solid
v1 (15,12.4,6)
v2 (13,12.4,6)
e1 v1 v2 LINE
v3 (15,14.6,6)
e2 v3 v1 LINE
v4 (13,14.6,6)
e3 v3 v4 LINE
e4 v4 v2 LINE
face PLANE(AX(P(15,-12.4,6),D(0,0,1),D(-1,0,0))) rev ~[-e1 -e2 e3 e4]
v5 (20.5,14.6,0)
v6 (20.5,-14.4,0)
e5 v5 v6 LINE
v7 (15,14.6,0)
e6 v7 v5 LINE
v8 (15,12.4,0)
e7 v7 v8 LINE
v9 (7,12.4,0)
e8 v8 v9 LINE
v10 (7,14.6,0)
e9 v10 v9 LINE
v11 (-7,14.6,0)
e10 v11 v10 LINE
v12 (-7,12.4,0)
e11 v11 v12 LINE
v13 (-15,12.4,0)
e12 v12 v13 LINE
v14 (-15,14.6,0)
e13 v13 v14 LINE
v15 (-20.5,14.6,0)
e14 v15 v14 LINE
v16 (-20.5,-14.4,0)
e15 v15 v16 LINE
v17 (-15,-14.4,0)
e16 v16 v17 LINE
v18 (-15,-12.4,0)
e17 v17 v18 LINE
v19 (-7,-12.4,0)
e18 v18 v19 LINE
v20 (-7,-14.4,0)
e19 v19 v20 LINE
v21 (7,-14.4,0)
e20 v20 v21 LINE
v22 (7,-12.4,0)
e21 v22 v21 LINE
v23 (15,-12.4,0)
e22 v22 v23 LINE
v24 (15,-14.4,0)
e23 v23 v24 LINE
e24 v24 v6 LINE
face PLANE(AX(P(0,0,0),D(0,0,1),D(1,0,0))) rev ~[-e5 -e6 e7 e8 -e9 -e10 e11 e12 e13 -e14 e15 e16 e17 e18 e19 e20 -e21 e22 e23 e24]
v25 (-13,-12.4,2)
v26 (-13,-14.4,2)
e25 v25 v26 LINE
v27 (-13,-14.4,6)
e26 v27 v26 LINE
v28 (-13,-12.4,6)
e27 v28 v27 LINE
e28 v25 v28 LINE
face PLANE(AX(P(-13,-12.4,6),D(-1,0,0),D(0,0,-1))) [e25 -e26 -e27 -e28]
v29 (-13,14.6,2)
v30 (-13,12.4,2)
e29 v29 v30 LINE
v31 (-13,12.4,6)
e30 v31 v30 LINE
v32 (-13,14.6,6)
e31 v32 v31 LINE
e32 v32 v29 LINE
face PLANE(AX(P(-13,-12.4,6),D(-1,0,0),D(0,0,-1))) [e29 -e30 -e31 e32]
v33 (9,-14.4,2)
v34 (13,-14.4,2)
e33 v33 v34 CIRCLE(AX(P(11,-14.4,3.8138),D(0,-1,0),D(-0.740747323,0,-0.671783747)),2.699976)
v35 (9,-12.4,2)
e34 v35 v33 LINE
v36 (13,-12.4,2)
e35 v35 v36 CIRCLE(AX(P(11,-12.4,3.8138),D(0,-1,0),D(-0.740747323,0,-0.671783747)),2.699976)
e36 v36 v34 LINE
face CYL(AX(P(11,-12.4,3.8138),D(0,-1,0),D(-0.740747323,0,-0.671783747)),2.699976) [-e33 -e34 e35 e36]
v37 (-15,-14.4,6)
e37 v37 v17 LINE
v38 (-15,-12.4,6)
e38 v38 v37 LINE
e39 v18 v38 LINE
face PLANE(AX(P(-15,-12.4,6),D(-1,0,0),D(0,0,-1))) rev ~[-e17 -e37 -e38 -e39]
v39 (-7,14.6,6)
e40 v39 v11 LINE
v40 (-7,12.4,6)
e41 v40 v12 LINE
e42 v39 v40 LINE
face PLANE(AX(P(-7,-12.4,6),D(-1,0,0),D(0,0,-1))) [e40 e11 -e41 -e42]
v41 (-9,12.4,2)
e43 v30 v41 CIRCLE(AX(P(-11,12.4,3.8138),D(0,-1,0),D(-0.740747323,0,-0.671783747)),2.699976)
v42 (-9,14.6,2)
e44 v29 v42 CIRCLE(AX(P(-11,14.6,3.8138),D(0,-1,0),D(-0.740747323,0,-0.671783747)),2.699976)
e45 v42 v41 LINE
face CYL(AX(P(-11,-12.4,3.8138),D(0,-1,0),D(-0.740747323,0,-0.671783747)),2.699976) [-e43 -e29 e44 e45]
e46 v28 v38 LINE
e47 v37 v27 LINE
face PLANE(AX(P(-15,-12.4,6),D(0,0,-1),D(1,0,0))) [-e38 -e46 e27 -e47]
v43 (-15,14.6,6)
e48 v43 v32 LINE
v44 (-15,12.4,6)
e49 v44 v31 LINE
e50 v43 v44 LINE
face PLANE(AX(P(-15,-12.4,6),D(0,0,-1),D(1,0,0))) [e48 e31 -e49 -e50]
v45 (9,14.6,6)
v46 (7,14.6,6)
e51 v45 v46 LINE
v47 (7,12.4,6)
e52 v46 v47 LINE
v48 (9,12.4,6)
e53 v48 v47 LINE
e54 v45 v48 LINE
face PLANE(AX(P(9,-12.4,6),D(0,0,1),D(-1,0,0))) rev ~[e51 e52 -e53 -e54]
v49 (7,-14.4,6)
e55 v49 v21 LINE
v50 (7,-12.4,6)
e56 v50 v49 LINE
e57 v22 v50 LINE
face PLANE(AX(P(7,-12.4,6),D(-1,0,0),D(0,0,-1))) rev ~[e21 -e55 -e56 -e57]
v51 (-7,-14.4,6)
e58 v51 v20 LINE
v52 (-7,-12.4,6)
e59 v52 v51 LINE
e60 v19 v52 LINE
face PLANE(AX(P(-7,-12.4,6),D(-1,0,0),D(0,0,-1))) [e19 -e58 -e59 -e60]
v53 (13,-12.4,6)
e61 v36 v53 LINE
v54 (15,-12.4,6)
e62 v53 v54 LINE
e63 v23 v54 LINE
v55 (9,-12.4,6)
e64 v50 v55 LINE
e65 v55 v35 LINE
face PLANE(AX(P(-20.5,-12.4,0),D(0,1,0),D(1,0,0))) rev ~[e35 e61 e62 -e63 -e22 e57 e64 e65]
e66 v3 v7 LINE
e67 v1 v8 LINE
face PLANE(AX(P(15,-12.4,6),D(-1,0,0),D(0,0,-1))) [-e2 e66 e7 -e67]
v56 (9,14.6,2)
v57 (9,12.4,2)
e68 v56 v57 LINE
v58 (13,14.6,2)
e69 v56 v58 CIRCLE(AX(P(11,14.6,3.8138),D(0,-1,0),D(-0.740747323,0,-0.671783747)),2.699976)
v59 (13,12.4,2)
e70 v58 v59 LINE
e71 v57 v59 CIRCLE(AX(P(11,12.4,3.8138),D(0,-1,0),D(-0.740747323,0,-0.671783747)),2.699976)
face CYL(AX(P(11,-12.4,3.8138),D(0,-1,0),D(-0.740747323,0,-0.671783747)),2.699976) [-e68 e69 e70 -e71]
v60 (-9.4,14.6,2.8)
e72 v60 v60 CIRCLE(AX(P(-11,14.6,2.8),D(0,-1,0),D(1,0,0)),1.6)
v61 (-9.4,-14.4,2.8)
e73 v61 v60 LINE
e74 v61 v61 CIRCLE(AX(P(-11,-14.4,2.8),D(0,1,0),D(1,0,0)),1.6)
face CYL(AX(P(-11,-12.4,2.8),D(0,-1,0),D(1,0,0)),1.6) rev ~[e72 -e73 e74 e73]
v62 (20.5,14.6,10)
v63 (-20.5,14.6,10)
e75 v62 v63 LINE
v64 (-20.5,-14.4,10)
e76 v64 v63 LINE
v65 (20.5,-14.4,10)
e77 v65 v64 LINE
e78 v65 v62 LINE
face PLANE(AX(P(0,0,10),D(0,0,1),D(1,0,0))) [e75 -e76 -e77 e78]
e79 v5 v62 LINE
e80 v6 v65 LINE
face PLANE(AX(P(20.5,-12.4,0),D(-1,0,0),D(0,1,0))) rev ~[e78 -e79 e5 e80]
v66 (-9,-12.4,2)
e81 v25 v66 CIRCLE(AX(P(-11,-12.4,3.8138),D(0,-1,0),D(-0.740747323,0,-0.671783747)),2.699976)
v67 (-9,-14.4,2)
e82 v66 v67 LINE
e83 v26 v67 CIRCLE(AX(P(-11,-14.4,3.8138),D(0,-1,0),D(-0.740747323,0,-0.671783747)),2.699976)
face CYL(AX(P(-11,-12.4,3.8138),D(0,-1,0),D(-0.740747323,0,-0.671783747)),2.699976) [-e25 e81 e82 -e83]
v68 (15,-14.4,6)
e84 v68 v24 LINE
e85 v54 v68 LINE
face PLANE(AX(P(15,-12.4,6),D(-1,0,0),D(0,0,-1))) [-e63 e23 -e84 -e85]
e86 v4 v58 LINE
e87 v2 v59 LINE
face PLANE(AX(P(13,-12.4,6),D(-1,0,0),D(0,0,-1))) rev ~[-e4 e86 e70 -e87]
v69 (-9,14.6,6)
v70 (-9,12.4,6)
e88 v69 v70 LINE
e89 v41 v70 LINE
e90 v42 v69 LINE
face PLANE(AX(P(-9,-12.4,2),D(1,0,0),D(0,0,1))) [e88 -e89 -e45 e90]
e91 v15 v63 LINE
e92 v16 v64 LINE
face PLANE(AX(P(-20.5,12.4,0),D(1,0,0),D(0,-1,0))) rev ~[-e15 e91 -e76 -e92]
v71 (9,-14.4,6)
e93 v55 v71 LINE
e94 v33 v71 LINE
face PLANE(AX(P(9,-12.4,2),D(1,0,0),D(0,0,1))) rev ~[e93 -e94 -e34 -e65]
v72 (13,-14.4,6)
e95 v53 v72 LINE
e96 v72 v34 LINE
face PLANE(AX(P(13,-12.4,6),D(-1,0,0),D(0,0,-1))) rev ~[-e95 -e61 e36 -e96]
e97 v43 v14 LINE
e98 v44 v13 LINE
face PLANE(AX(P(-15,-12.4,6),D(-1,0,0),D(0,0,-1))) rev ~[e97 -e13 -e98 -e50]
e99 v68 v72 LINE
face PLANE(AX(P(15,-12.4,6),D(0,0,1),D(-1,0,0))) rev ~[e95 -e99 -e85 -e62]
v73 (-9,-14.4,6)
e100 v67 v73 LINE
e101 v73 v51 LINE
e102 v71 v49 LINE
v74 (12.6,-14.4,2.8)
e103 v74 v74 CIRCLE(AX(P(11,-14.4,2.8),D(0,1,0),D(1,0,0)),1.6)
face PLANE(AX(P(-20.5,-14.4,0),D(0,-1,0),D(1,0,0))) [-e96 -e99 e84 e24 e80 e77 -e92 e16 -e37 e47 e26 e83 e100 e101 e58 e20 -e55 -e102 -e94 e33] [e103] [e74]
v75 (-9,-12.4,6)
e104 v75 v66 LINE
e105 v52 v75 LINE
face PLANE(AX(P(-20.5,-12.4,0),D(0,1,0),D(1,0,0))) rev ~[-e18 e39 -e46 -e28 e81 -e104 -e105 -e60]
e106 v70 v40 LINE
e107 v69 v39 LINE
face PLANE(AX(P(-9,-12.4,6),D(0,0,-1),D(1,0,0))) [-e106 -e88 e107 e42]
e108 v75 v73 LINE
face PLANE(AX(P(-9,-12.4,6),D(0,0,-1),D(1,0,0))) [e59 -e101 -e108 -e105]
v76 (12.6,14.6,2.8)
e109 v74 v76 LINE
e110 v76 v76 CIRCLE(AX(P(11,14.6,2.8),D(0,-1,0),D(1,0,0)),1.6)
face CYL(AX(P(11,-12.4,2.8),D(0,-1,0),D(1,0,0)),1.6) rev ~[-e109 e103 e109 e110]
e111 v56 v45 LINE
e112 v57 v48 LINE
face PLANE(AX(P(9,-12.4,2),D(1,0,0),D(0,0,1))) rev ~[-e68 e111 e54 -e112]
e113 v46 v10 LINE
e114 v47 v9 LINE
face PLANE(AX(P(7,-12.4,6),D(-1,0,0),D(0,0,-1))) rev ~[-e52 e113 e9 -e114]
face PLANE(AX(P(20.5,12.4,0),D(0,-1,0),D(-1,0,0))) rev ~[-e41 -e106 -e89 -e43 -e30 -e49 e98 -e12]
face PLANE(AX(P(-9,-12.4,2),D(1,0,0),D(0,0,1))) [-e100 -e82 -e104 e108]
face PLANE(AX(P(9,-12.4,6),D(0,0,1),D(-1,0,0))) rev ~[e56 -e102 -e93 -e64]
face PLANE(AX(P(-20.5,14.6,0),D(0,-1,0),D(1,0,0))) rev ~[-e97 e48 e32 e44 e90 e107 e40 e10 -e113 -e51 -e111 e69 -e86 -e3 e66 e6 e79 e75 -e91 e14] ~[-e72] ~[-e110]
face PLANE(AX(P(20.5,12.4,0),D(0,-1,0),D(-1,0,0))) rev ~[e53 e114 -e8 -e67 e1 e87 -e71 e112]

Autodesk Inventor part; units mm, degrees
ref_plane "YZ Plane" through (0, 0, 0) normal (1, 0, 0) x (0, 1, 0)
ref_plane "XZ Plane" through (0, 0, 0) normal (0, 1, 0) x (-1, 0, 0)
ref_plane "XY Plane" through (0, 0, 0) normal (0, 0, 1) x (1, 0, 0)
sketch "Szkic1" plane through (0, 0, 0) normal (0, 0, 1) x (1, 0, 0)
  line L0 (-28.7, 0) -> (28.7, 0) construction
  line L1 (0, -17.36) -> (0, 17.36) construction
  line L2 (-20.5, -12.4) -> (20.5, -12.4)
  line L3 (20.5, -12.4) -> (20.5, 12.4)
  line L4 (20.5, 12.4) -> (-20.5, 12.4)
  line L5 (-20.5, 12.4) -> (-20.5, -12.4)
  line L6 (-20.5, -12.4) -> (20.5, 12.4) construction
  line L7 (20.5, -12.4) -> (-20.5, 12.4) construction
  point P0 (0, 0)
  dimension "d0" = 41
  dimension "d1" = 24.8
extrude "Wyciągnięcie proste1" add sketch "Szkic1" along normal blind 10
sketch "Szkic2" plane through (-20.5, -12.4, 0) normal (0, -1, 0) x (1, 0, 0)
  point P0 (20.5, 0)
sketch "Szkic3" plane through (-20.5, -12.4, 0) normal (0, -1, 0) x (1, 0, 0)
  line L0 (-8.2, 0) -> (49.2, 0) construction
  line L1 (20.5, -2) -> (20.5, 12) construction
  line L2 (5.5, 6) -> (5.5, 0)
  line L3 (0, 0) -> (41, 0) projected
  line L4 (5.5, 6) -> (7.5, 6)
  line L5 (7.5, 6) -> (7.5, 2)
  line L6 (7.5, 2) -> (11.5, 2) construction
  line L7 (11.5, 2) -> (11.5, 6)
  line L8 (11.5, 6) -> (13.5, 6)
  line L9 (13.5, 6) -> (13.5, 0)
  line L10 (5.5, 0) -> (13.5, 0)
  line L11 (0, 0) -> (0, 10) projected
  line L12 (0, 0) -> (41, 0)
  line L13 (41, 0) -> (41, 10)
  line L14 (41, 10) -> (0, 10)
  line L15 (0, 10) -> (0, 0)
  arc A0 (7.5, 2) -> (11.5, 2) centre (9.5, 3.8138) ccw
  line L16 (35.5, 6) -> (35.5, 0)
  line L17 (35.5, 6) -> (33.5, 6)
  line L18 (33.5, 6) -> (33.5, 2)
  line L19 (29.5, 2) -> (29.5, 6)
  line L20 (29.5, 6) -> (27.5, 6)
  line L21 (27.5, 6) -> (27.5, 0)
  arc A1 (29.5, 2) -> (33.5, 2) centre (31.5, 3.8138) ccw
  circle A2 centre (31.5, 2.8) radius 1.6
  circle A3 centre (9.5, 2.8) radius 1.6
  point P0 (20.5, 0)
  point P1 (20.5, 0)
  dimension "d4" = 6
  dimension "d5" = 15
  dimension "d6" = 2
  dimension "d7" = 4
  dimension "d8" = 4
  dimension "d9" = 4
  dimension "d10" = 2
  dimension "d11" = 20.5
  dimension "d12" = 10
  dimension "d13" = 2.7
  dimension "d16" = 3.2
  dimension "d17" = 2.8
  dimension "d18" = 11
extrude "Wyciągnięcie proste2" add sketch "Szkic3" along normal blind 2 and the other way blind 27 contours L2 L3 L11 L14 L13 L16 L17 L18 A1 L19 L20 L21 L9 L8 L7 A0 L5 L4 | A2 | A3
extrude "Wyciągnięcie proste3" cut sketch "Szkic3" along normal through all both and the other way through all contours A2 | A3
properties part number "uMule-uchwyt_dx"
